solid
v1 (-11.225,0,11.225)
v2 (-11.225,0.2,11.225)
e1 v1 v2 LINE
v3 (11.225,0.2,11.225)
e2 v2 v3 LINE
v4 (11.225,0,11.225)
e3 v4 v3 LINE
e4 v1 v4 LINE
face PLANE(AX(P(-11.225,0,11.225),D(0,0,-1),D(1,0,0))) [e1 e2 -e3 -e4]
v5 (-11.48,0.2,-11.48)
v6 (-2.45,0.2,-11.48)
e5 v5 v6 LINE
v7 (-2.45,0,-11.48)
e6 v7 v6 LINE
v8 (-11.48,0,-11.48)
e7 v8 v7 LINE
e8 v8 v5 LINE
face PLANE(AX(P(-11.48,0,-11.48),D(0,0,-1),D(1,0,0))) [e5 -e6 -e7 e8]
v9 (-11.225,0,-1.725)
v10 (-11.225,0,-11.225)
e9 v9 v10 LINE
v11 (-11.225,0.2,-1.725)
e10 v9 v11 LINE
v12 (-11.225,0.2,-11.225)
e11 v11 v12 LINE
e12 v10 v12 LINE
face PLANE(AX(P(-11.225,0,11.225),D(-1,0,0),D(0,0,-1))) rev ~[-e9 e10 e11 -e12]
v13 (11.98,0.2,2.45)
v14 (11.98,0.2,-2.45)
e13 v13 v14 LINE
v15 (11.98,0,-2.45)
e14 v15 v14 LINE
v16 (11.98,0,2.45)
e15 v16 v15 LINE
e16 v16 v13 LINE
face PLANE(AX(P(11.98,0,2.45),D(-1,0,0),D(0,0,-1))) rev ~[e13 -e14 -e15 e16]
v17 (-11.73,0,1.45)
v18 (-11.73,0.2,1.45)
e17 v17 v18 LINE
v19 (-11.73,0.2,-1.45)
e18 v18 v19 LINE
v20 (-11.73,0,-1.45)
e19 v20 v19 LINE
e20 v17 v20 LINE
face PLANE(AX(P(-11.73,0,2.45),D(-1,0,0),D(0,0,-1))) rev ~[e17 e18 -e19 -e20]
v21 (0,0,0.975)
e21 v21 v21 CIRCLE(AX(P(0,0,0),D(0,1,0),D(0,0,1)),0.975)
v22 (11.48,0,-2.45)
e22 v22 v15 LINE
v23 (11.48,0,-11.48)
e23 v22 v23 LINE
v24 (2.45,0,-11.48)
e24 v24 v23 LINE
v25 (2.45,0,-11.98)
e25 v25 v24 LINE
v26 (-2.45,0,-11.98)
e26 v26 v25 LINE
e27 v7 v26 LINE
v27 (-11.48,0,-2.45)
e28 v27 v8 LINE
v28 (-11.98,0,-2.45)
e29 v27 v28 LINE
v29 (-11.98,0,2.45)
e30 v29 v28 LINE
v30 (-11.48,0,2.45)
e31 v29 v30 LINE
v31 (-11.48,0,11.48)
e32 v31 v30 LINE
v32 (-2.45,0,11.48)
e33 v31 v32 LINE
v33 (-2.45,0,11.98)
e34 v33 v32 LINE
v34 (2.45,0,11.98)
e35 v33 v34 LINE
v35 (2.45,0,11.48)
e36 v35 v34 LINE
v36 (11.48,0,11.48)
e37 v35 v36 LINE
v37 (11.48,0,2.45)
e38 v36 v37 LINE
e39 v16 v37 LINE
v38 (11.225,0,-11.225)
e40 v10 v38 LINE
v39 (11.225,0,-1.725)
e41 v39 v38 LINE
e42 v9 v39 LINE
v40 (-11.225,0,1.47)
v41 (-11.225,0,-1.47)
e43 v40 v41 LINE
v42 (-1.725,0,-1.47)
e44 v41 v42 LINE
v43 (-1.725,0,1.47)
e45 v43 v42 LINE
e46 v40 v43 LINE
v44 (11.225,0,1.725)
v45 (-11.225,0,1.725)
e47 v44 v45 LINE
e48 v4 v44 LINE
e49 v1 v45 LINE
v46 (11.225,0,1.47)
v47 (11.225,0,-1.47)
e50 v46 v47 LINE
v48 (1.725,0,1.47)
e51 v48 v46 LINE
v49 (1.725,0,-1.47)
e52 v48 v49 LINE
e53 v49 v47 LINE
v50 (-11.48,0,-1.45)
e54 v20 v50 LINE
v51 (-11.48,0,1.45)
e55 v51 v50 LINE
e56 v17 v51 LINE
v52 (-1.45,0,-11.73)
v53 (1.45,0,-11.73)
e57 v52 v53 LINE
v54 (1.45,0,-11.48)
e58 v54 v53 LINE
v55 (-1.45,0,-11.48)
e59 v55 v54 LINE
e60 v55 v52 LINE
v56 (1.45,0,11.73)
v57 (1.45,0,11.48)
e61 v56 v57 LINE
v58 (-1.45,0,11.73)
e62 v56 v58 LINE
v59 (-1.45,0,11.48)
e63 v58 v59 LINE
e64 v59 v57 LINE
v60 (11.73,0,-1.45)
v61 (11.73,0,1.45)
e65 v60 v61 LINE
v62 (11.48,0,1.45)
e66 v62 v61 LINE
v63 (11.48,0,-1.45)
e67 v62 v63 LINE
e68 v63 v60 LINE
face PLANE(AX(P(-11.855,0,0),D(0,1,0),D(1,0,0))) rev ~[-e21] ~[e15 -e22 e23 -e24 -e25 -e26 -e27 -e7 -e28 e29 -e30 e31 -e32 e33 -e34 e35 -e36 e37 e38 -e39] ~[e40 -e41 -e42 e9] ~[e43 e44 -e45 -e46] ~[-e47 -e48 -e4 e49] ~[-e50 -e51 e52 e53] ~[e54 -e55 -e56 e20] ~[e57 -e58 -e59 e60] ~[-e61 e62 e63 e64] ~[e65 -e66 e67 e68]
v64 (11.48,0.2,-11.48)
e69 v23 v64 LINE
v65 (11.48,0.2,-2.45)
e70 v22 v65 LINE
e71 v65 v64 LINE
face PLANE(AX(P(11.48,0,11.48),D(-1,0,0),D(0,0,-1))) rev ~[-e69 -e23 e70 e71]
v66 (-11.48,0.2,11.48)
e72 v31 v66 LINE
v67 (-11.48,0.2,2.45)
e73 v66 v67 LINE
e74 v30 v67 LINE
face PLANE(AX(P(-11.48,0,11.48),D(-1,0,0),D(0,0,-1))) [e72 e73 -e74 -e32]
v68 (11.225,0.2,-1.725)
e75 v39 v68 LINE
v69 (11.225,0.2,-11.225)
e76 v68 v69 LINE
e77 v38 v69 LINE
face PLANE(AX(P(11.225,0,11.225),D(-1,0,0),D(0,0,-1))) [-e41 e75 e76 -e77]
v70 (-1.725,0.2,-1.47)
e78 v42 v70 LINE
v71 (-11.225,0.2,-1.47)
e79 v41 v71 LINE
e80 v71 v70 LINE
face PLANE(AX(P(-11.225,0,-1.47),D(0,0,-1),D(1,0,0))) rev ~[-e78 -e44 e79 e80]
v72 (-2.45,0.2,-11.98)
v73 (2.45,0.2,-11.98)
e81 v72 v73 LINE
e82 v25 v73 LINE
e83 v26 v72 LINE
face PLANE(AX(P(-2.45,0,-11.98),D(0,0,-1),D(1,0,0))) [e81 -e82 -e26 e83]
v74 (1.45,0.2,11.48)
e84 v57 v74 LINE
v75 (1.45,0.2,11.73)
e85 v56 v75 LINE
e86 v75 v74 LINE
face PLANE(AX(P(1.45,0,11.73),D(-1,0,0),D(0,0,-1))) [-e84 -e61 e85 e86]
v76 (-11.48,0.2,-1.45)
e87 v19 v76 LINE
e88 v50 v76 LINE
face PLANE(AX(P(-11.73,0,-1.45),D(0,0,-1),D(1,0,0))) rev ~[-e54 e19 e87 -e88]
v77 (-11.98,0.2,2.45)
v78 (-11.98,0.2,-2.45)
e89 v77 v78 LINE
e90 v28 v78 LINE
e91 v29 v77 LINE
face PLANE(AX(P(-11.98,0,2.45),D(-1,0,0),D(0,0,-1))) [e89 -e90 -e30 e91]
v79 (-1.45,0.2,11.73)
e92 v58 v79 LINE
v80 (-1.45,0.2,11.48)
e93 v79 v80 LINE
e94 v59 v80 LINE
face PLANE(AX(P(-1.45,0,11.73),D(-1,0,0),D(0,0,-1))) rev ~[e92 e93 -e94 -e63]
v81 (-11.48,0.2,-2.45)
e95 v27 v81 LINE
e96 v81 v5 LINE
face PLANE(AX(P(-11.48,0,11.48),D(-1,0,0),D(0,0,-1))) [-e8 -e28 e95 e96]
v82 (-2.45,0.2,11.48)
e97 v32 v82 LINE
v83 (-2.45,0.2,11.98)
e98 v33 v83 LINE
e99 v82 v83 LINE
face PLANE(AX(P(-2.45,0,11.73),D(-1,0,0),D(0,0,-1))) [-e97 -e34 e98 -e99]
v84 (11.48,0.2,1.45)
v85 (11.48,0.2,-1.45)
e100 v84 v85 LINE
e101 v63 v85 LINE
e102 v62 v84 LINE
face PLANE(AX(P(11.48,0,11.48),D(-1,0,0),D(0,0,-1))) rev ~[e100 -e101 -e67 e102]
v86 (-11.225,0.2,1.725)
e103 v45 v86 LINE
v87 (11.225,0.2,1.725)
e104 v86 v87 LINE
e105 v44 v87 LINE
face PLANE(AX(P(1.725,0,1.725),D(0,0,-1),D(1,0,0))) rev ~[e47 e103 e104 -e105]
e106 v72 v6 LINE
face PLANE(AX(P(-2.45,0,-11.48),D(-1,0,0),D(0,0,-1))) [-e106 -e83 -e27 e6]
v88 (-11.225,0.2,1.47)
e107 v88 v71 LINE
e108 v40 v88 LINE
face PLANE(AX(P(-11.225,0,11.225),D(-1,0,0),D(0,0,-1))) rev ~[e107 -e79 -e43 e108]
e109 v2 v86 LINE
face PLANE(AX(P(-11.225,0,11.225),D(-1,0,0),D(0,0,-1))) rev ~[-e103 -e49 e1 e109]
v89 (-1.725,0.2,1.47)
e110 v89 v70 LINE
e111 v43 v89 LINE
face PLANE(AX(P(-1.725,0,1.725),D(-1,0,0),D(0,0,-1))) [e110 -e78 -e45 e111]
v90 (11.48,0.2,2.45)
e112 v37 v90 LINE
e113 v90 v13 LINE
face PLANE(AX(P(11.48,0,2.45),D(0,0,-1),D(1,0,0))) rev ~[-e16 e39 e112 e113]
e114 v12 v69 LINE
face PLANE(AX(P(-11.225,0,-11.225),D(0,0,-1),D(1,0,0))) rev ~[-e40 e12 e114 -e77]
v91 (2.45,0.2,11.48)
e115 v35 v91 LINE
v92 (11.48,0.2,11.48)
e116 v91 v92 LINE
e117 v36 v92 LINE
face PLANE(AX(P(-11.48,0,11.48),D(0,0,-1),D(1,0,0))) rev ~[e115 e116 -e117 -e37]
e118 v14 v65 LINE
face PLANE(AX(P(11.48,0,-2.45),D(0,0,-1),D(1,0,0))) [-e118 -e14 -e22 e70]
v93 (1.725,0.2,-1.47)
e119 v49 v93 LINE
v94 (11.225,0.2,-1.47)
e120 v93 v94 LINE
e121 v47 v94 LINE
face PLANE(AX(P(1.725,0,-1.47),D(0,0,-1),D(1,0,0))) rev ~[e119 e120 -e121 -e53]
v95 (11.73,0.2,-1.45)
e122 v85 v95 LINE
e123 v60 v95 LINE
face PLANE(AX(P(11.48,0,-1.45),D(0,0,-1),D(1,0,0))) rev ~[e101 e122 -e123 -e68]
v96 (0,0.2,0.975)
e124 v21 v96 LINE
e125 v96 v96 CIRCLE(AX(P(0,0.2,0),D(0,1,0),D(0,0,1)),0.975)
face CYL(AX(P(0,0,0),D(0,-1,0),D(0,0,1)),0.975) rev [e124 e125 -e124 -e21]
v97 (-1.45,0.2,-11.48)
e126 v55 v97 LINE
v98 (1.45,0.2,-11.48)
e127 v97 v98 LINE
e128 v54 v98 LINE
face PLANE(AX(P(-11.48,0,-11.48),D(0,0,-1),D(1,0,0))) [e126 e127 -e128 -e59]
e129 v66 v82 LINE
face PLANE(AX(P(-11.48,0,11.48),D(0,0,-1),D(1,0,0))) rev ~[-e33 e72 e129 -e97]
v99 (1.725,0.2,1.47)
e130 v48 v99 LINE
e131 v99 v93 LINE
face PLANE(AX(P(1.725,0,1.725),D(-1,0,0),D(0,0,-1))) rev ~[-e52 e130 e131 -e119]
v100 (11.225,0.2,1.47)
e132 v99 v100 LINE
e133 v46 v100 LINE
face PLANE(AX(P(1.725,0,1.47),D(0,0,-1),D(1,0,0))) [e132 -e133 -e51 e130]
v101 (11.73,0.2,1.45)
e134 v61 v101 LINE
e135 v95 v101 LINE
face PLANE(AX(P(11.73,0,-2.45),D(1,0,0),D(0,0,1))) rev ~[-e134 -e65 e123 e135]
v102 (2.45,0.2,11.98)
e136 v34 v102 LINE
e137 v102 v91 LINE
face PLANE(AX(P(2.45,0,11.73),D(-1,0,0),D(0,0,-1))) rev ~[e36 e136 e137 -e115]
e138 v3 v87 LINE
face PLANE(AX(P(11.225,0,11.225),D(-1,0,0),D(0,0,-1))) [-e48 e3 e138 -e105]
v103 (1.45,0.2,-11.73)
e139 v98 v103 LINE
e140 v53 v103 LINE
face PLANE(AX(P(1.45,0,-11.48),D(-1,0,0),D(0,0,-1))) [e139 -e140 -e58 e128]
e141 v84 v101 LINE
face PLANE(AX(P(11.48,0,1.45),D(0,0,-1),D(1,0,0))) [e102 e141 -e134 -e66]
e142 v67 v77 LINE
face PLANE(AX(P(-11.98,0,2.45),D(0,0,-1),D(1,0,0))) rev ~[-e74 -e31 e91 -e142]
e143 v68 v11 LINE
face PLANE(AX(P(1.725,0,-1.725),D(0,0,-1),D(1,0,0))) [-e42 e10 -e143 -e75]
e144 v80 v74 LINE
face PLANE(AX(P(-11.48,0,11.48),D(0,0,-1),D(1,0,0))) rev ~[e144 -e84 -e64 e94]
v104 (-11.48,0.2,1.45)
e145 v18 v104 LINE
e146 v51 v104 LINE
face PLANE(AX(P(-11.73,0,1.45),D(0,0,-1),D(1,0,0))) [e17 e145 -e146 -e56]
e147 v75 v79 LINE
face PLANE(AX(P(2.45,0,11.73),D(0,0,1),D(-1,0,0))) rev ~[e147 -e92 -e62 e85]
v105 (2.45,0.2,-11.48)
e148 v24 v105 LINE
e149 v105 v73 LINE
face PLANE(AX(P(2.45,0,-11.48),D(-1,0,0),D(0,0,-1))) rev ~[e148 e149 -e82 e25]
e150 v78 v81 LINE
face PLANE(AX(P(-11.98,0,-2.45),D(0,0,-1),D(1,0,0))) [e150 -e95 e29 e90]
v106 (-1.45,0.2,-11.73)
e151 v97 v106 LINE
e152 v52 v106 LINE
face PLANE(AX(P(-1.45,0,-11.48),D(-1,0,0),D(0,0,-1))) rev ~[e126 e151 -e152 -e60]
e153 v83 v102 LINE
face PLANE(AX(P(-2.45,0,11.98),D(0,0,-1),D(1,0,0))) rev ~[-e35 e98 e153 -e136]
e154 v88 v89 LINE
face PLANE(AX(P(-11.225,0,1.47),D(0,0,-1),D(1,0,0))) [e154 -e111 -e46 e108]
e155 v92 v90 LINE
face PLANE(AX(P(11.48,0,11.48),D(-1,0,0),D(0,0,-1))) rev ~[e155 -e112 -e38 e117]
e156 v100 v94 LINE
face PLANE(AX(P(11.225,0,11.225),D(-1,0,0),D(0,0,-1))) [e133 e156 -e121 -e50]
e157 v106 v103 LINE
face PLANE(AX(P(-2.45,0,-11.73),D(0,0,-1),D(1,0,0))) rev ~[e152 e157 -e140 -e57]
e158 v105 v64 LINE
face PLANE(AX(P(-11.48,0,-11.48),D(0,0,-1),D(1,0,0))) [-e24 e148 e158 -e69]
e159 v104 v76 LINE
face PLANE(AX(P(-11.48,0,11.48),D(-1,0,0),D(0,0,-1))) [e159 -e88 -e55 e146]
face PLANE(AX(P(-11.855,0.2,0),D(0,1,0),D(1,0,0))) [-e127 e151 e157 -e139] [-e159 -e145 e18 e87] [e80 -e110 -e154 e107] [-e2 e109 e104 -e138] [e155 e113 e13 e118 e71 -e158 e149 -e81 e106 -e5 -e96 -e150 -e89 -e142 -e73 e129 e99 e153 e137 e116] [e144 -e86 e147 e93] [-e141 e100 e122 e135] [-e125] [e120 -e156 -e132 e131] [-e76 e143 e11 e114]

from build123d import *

# Parameters (mm, degrees)
SKETCH1_W           = 0.25
SKETCH1_H           = 1
SKETCH1_W_2         = 22.96
SKETCH1_H_2         = 22.96
SKETCH1_W_3         = 22.45
SKETCH1_H_3         = 22.45
SKETCH1_W_4         = 9.5
SKETCH1_H_4         = 0.255
SKETCH1_W_5         = 3.45
SKETCH1_H_5         = 3.45
SKETCH1_R           = 0.975
SKETCH1_W_6         = 1
SKETCH1_H_6         = 0.25
SKETCH1_W_7         = 4.9
SKETCH1_H_7         = 4.9
BOSS_EXTRUDE5_DEPTH = 0.2


with BuildPart() as part:
    # Sketch1 → Boss-Extrude5 (new body)
    # profile 1 of 18: a face of its own
    with BuildSketch(Plane(origin=(0, 0, 0), x_dir=(1, 0, 0), z_dir=(0, 1, 0))):
        with Locations((-11.605, -1.95)):
            Rectangle(SKETCH1_W, SKETCH1_H)
    # profile 2 of 18: a face of its own
    with BuildSketch(Plane(origin=(0, 0, 0), x_dir=(1, 0, 0), z_dir=(0, 1, 0))):
        with Locations((-11.605, 1.95)):
            Rectangle(SKETCH1_W, SKETCH1_H)
    # profile 3 of 18: a face of its own
    with BuildSketch(Plane(origin=(0, 0, 0), x_dir=(1, 0, 0), z_dir=(0, 1, 0))):
        Rectangle(SKETCH1_W_2, SKETCH1_H_2)
        Rectangle(SKETCH1_W_3, SKETCH1_H_3, mode=Mode.SUBTRACT)
    # profile 4 of 18: a face of its own
    with BuildSketch(Plane(origin=(0, 0, 0), x_dir=(1, 0, 0), z_dir=(0, 1, 0))):
        with Locations((-6.475, 1.5975)):
            Rectangle(SKETCH1_W_4, SKETCH1_H_4)
    # profile 5 of 18: a face of its own
    with BuildSketch(Plane(origin=(0, 0, 0), x_dir=(1, 0, 0), z_dir=(0, 1, 0))):
        with Locations((-6.475, -1.5975)):
            Rectangle(SKETCH1_W_4, SKETCH1_H_4)
    # profile 6 of 18: a face of its own
    with BuildSketch(Plane(origin=(0, 0, 0), x_dir=(1, 0, 0), z_dir=(0, 1, 0))):
        with Locations((6.475, 1.5975)):
            Rectangle(SKETCH1_W_4, SKETCH1_H_4)
    # profile 7 of 18: a face of its own
    with BuildSketch(Plane(origin=(0, 0, 0), x_dir=(1, 0, 0), z_dir=(0, 1, 0))):
        with Locations((6.475, -1.5975)):
            Rectangle(SKETCH1_W_4, SKETCH1_H_4)
    # profile 8 of 18: a face of its own
    with BuildSketch(Plane(origin=(0, 0, 0), x_dir=(1, 0, 0), z_dir=(0, 1, 0))):
        with Locations((11.605, 1.95)):
            Rectangle(SKETCH1_W, SKETCH1_H)
    # profile 9 of 18: a face of its own
    with BuildSketch(Plane(origin=(0, 0, 0), x_dir=(1, 0, 0), z_dir=(0, 1, 0))):
        with Locations((11.605, -1.95)):
            Rectangle(SKETCH1_W, SKETCH1_H)
    # profile 10 of 18: a face of its own
    with BuildSketch(Plane(origin=(0, 0, 0), x_dir=(1, 0, 0), z_dir=(0, 1, 0))):
        Rectangle(SKETCH1_W_5, SKETCH1_H_5)
        with Locations(Location((0, 0, 0), (0, 0, 270))):
            Circle(SKETCH1_R, mode=Mode.SUBTRACT)
    # profile 11 of 18: a face of its own
    with BuildSketch(Plane(origin=(0, 0, 0), x_dir=(1, 0, 0), z_dir=(0, 1, 0))):
        Polygon((-1.45, -11.73), (-2.45, -11.73), (-2.45, -11.98), (2.45, -11.98), (2.45, -11.73), (1.45, -11.73), align=None)
    # profile 12 of 18: a face of its own
    with BuildSketch(Plane(origin=(0, 0, 0), x_dir=(1, 0, 0), z_dir=(0, 1, 0))):
        with Locations((1.95, -11.605)):
            Rectangle(SKETCH1_W_6, SKETCH1_H_6)
    # profile 13 of 18: a face of its own
    with BuildSketch(Plane(origin=(0, 0, 0), x_dir=(1, 0, 0), z_dir=(0, 1, 0))):
        with Locations((-1.95, -11.605)):
            Rectangle(SKETCH1_W_6, SKETCH1_H_6)
    # profile 14 of 18: a face of its own
    with BuildSketch(Plane(origin=(0, 0, 0), x_dir=(1, 0, 0), z_dir=(0, 1, 0))):
        Polygon((11.98, 2.45), (11.73, 2.45), (11.73, 1.45), (11.73, -1.45), (11.73, -2.45), (11.98, -2.45), align=None)
    # profile 15 of 18: a face of its own
    with BuildSketch(Plane(origin=(0, 0, 0), x_dir=(1, 0, 0), z_dir=(0, 1, 0))):
        with Locations((1.95, 11.605)):
            Rectangle(SKETCH1_W_6, SKETCH1_H_6)
    # profile 16 of 18: a face of its own
    with BuildSketch(Plane(origin=(0, 0, 0), x_dir=(1, 0, 0), z_dir=(0, 1, 0))):
        with Locations((0, 11.855)):
            Rectangle(SKETCH1_W_7, SKETCH1_H_6)
    # profile 17 of 18: a face of its own
    with BuildSketch(Plane(origin=(0, 0, 0), x_dir=(1, 0, 0), z_dir=(0, 1, 0))):
        with Locations((-1.95, 11.605)):
            Rectangle(SKETCH1_W_6, SKETCH1_H_6)
    # profile 18 of 18: a face of its own
    with BuildSketch(Plane(origin=(0, 0, 0), x_dir=(1, 0, 0), z_dir=(0, 1, 0))):
        with Locations((-11.855, 0)):
            Rectangle(SKETCH1_W, SKETCH1_H_7)
    extrude(amount=BOSS_EXTRUDE5_DEPTH)


solid = part.part
